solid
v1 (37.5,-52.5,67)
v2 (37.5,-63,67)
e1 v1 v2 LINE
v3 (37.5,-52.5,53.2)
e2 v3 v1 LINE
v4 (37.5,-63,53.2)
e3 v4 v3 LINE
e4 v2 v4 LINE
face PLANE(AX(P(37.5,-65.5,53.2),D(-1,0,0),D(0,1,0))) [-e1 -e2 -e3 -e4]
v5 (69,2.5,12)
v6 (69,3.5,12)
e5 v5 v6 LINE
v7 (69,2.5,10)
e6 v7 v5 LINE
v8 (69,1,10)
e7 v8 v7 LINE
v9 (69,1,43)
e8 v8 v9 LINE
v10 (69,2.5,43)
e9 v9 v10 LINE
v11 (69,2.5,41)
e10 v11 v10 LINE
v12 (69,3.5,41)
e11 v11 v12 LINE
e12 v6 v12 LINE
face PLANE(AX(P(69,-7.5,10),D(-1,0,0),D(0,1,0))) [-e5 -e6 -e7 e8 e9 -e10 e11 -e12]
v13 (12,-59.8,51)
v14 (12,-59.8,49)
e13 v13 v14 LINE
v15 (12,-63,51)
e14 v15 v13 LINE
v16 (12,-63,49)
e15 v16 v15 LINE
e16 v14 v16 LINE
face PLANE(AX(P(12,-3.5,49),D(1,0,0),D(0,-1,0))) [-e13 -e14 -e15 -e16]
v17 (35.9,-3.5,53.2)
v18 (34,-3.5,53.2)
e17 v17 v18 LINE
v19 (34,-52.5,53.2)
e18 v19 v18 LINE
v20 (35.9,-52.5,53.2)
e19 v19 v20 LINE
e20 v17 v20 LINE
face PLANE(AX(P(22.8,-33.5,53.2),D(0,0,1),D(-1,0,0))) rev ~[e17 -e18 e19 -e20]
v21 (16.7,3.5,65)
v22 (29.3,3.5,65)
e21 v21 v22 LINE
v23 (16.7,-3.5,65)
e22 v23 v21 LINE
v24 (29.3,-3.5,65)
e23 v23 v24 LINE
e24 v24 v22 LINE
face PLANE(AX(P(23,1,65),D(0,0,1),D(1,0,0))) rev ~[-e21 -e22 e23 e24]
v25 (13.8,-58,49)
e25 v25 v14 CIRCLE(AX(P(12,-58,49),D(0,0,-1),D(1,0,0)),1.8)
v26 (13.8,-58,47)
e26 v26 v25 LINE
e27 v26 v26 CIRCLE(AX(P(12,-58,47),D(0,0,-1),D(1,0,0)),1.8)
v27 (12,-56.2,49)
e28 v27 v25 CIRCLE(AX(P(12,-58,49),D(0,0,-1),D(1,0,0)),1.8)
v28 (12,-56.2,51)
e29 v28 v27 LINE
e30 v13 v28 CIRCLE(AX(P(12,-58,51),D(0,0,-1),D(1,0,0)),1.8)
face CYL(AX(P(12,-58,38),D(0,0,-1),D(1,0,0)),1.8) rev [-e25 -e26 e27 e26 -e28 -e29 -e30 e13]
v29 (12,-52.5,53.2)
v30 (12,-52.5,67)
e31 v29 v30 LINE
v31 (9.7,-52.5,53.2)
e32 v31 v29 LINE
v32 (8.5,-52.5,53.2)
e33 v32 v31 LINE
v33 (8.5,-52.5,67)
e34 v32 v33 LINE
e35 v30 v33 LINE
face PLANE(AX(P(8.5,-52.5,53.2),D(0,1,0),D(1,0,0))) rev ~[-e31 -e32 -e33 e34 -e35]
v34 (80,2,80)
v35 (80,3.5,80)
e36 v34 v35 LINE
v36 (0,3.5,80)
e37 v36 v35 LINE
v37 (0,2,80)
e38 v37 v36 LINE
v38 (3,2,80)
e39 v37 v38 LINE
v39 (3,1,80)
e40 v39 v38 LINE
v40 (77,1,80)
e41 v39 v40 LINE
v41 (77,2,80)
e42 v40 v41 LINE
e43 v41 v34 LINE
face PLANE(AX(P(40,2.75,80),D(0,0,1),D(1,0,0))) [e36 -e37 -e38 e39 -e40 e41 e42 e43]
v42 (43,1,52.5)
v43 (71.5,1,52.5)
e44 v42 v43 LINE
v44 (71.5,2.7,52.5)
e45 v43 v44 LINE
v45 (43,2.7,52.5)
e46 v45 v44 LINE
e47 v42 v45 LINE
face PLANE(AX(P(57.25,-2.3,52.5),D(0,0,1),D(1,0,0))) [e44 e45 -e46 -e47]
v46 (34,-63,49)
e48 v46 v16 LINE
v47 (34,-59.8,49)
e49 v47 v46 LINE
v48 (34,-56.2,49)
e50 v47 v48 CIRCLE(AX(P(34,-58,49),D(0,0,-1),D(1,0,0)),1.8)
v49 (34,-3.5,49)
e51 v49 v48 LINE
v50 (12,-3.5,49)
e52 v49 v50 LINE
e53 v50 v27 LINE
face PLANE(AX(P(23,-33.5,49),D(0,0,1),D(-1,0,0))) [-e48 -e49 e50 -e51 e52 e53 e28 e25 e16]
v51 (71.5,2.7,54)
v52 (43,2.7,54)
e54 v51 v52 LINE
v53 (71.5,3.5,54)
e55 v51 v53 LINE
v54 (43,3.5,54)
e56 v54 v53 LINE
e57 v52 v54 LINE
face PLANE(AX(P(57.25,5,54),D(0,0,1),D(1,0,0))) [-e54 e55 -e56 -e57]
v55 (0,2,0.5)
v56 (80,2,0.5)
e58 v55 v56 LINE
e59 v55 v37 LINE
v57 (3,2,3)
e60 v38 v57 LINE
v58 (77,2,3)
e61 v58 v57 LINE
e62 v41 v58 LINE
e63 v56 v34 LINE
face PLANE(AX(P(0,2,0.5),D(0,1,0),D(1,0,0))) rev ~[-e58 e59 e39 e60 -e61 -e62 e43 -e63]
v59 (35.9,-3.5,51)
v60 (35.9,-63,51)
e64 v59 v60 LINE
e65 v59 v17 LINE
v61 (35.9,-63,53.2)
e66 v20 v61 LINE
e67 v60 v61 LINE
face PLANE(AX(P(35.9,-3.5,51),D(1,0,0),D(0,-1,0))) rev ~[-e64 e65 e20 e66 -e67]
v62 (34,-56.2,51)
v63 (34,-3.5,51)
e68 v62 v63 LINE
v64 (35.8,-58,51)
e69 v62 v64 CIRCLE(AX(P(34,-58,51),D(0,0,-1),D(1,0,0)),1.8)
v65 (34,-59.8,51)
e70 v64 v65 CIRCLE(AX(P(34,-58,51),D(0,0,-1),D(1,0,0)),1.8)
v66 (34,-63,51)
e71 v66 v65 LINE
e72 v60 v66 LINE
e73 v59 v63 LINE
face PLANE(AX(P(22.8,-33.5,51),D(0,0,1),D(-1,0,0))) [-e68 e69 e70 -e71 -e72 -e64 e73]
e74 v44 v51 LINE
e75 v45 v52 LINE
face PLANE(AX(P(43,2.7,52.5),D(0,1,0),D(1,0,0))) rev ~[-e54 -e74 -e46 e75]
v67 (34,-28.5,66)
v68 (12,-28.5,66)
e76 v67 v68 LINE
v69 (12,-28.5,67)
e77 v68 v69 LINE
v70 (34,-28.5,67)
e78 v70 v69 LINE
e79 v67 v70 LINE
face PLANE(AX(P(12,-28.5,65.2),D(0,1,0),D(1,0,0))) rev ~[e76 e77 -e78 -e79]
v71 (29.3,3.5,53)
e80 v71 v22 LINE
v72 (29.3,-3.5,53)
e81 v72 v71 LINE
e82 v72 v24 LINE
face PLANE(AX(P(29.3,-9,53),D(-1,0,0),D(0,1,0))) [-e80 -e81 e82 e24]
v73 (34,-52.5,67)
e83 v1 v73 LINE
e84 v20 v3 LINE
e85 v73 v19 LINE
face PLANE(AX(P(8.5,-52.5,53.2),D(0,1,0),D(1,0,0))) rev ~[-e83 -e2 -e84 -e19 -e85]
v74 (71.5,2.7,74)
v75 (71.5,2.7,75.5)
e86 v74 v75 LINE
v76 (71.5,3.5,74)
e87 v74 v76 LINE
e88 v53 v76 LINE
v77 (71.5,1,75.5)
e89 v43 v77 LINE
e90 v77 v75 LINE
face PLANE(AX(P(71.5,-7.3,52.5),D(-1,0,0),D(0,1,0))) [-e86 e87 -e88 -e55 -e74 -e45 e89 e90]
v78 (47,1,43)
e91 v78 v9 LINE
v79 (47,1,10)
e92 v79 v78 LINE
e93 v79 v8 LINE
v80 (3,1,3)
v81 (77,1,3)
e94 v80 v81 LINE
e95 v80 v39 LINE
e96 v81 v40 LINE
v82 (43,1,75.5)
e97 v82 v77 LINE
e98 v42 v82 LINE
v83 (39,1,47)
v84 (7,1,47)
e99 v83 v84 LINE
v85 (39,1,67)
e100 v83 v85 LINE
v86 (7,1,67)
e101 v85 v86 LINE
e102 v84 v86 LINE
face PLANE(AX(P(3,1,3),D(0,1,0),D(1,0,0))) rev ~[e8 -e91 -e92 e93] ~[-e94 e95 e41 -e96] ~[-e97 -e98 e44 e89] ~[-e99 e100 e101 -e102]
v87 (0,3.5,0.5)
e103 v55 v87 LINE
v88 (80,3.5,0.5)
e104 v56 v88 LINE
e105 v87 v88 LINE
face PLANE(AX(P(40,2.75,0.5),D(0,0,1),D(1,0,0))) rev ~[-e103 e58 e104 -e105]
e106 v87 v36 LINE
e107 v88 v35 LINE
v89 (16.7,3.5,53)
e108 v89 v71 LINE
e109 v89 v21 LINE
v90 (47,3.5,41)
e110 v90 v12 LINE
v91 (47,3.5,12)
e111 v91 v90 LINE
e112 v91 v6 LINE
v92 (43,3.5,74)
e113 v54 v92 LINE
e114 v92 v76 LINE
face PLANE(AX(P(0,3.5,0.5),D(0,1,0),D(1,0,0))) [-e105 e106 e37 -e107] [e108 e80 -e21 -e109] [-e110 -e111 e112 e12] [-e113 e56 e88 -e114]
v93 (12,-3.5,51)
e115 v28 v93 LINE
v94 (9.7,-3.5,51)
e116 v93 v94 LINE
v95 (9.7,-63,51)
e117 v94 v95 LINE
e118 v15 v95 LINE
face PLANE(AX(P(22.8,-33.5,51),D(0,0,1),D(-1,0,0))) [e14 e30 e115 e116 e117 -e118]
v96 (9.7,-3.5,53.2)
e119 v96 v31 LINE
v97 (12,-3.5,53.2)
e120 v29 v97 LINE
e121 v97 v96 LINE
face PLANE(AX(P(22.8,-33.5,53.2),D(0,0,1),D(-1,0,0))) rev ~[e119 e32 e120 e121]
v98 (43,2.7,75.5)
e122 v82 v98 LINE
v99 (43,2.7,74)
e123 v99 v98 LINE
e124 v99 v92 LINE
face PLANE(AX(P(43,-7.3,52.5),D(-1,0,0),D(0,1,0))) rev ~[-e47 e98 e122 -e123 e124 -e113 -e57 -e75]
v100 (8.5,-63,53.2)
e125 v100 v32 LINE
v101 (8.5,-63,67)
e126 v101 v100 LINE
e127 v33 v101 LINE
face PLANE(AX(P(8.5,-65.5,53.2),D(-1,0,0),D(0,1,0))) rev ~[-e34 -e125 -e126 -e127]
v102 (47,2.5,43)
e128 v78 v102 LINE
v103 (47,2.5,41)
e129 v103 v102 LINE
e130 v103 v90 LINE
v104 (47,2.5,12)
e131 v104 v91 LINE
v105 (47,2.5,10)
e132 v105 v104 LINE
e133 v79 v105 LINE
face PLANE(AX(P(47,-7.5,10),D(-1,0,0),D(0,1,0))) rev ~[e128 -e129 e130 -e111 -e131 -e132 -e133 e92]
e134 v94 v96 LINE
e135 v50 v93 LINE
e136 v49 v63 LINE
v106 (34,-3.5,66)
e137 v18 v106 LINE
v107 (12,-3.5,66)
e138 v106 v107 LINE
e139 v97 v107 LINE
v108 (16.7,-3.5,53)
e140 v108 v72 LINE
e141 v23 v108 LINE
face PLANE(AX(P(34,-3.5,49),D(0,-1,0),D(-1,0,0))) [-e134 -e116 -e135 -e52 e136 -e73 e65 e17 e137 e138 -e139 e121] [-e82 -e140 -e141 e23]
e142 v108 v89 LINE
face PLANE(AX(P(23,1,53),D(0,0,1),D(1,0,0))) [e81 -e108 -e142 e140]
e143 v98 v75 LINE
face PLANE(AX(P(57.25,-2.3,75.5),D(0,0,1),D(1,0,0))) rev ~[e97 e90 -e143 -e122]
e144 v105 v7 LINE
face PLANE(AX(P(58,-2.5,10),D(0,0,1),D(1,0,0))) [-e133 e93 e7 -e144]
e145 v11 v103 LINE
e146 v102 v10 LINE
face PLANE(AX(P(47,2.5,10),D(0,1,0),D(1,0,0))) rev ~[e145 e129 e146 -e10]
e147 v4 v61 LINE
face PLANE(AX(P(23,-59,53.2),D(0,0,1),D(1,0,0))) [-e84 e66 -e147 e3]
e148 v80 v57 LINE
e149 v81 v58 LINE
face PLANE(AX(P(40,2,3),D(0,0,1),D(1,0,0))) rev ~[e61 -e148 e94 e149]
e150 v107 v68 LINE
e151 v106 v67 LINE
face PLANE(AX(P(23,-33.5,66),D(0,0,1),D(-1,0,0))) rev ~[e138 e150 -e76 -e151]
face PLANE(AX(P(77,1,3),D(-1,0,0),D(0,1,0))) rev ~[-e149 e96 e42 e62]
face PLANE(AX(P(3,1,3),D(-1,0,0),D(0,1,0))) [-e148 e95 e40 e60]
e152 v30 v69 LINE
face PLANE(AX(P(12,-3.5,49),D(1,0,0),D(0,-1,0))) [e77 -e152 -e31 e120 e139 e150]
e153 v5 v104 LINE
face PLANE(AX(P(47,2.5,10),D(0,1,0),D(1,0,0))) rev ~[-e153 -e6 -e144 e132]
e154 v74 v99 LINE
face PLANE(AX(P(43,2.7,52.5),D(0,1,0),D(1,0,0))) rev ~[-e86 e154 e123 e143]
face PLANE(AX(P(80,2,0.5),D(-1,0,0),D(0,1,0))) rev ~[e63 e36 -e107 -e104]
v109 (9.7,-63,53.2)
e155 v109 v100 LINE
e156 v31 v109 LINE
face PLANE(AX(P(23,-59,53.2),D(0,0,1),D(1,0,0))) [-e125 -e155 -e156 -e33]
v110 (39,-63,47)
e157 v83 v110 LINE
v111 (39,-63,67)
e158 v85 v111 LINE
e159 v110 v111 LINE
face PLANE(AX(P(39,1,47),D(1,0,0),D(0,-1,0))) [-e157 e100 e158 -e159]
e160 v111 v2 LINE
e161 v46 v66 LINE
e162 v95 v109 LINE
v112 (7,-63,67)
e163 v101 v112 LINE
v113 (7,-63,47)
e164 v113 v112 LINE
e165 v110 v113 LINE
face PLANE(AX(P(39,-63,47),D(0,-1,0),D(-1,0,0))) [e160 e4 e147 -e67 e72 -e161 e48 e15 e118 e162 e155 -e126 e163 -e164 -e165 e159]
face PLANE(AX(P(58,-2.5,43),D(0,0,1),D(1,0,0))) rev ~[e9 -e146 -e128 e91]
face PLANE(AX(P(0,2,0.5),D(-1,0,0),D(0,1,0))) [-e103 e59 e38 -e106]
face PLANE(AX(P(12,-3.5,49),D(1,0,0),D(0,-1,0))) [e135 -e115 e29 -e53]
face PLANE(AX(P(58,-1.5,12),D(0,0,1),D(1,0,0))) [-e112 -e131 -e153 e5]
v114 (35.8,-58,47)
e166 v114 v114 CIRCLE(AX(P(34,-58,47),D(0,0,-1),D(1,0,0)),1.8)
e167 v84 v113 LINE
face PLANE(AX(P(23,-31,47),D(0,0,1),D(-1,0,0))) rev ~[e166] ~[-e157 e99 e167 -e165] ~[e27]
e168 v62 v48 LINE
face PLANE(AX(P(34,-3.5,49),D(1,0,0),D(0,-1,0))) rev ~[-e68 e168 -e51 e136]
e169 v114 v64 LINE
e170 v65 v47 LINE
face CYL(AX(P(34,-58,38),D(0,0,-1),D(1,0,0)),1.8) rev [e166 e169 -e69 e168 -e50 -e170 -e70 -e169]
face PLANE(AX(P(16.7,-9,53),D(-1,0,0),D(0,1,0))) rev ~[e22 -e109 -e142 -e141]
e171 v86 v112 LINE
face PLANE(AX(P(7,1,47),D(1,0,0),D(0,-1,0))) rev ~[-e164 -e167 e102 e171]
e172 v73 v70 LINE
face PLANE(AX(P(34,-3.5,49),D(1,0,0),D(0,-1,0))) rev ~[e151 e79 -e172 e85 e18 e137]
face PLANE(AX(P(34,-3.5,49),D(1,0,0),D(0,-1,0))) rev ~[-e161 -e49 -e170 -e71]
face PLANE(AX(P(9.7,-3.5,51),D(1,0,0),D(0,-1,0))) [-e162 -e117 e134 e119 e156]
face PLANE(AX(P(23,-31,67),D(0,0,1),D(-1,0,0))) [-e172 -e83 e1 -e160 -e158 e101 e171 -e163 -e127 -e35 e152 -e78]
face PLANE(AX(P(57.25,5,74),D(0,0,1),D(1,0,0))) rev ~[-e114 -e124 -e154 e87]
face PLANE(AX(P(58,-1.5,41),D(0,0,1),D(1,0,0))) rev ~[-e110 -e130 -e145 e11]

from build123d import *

# Parameters (mm, degrees)
BOX019_W          = 28.5
BOX019_H          = 10
BOX019_DEPTH      = 20
BOX020_W          = 22
BOX020_H          = 10
BOX020_DEPTH      = 33
BOX021_W          = 28.5
BOX021_H          = 10
BOX021_DEPTH      = 23
BOX024_W          = 26.2
BOX024_H          = 60
BOX024_DEPTH      = 2.2
BOX025_W          = 22
BOX025_H          = 60
BOX025_DEPTH      = 17
CYLINDER008_R     = 1.8
CYLINDER008_DEPTH = 30
CYLINDER009_R     = 1.8
CYLINDER009_DEPTH = 30
BOX026_W          = 29
BOX026_H          = 13
BOX026_DEPTH      = 15
BOX027_W          = 22
BOX027_H          = 25
BOX027_DEPTH      = 15
BOX022_W          = 12.6
BOX022_H          = 20
BOX022_DEPTH      = 12
BOX018_W          = 22
BOX018_H          = 10
BOX018_DEPTH      = 29
BOX014_W          = 80
BOX014_H          = 1.5
BOX014_DEPTH      = 79.5
BOX023_W          = 32
BOX023_H          = 64
BOX023_DEPTH      = 20
BOX015_W          = 74
BOX015_H          = 2
BOX015_DEPTH      = 77


with BuildPart() as pc:
    # Box019 → Box019 (new body)
    with BuildSketch(Plane(origin=(43, 0, 54), x_dir=(1, 0, 0), z_dir=(0, 0, 1))):
        with Locations((14.25, 5)):
            Rectangle(BOX019_W, BOX019_H)
    extrude(amount=BOX019_DEPTH)


with BuildPart() as vypinac001:
    # Box020 → Box020 (new body)
    with BuildSketch(Plane(origin=(47, -7.5, 10), x_dir=(1, 0, 0), z_dir=(0, 0, 1))):
        with Locations((11, 5)):
            Rectangle(BOX020_W, BOX020_H)
    extrude(amount=BOX020_DEPTH)


with BuildPart() as pc001:
    # Box021 → Box021 (new body)
    with BuildSketch(Plane(origin=(43, -7.3, 52.5), x_dir=(1, 0, 0), z_dir=(0, 0, 1))):
        with Locations((14.25, 5)):
            Rectangle(BOX021_W, BOX021_H)
    extrude(amount=BOX021_DEPTH)


with BuildPart() as cube018_doska:
    # Box024 → Box024 (new body)
    with BuildSketch(Plane(origin=(35.9, -3.5, 51), x_dir=(-1, 0, 0), z_dir=(0, 0, 1))):
        with Locations((13.1, 30)):
            Rectangle(BOX024_W, BOX024_H)
    extrude(amount=BOX024_DEPTH)


with BuildPart() as cube019_okolo_doskjy:
    # Box025 → Box025 (new body)
    with BuildSketch(Plane(origin=(34, -3.5, 49), x_dir=(-1, 0, 0), z_dir=(0, 0, 1))):
        with Locations((11, 30)):
            Rectangle(BOX025_W, BOX025_H)
    extrude(amount=BOX025_DEPTH)


with BuildPart() as cylinder008:
    # Cylinder008 → Cylinder008 (new body)
    with BuildSketch(Plane(origin=(34, -58, 38), x_dir=(1, 0, 0), z_dir=(0, 0, 1))):
        Circle(CYLINDER008_R)
    extrude(amount=CYLINDER008_DEPTH)


with BuildPart() as cylinder009:
    # Cylinder009 → Cylinder009 (new body)
    with BuildSketch(Plane(origin=(12, -58, 38), x_dir=(1, 0, 0), z_dir=(0, 0, 1))):
        Circle(CYLINDER009_R)
    extrude(amount=CYLINDER009_DEPTH)


with BuildPart() as cube016_pre_sroby:
    # Box026 → Box026 (new body)
    with BuildSketch(Plane(origin=(8.5, -65.5, 53.2), x_dir=(1, 0, 0), z_dir=(0, 0, 1))):
        with Locations((14.5, 6.5)):
            Rectangle(BOX026_W, BOX026_H)
    extrude(amount=BOX026_DEPTH)


with BuildPart() as cube016_pre_rele:
    # Box027 → Box027 (new body)
    with BuildSketch(Plane(origin=(12, -53.5, 65.2), x_dir=(1, 0, 0), z_dir=(0, 0, 1))):
        with Locations((11, 12.5)):
            Rectangle(BOX027_W, BOX027_H)
    extrude(amount=BOX027_DEPTH)


with BuildPart() as fusion006_usbrele:
    # Box022 → Box022 (new body)
    with BuildSketch(Plane(origin=(16.7, -9, 53), x_dir=(1, 0, 0), z_dir=(0, 0, 1))):
        with Locations((6.3, 10)):
            Rectangle(BOX022_W, BOX022_H)
    extrude(amount=BOX022_DEPTH)

    # Fusion006: union Cube018_doska, Cube019_okolo_doskjy, Cylinder008, Cylinder009, Cube016_pre_sroby, Cube016_pre_rele
    add(cube018_doska.part)
    add(cube019_okolo_doskjy.part)
    add(cylinder008.part)
    add(cylinder009.part)
    add(cube016_pre_sroby.part)
    add(cube016_pre_rele.part)


with BuildPart() as fusion004:
    # Box018 → Box018 (new body)
    with BuildSketch(Plane(origin=(47, -6.5, 12), x_dir=(1, 0, 0), z_dir=(0, 0, 1))):
        with Locations((11, 5)):
            Rectangle(BOX018_W, BOX018_H)
    extrude(amount=BOX018_DEPTH)

    # Fusion004: union PC, Vypinac001, PC001, Fusion006_usbrele
    add(pc.part)
    add(vypinac001.part)
    add(pc001.part)
    add(fusion006_usbrele.part)


with BuildPart() as cube014:
    # Box014 → Box014 (new body)
    with BuildSketch(Plane(origin=(0, 2, 0.5), x_dir=(1, 0, 0), z_dir=(0, 0, 1))):
        with Locations((40, 0.75)):
            Rectangle(BOX014_W, BOX014_H)
    extrude(amount=BOX014_DEPTH)


with BuildPart() as cube017_rele:
    # Box023 → Box023 (new body)
    with BuildSketch(Plane(origin=(39, 1, 47), x_dir=(-1, 0, 0), z_dir=(0, 0, 1))):
        with Locations((16, 32)):
            Rectangle(BOX023_W, BOX023_H)
    extrude(amount=BOX023_DEPTH)


with BuildPart() as cut_zadok_usb:
    # Box015 → Box015 (new body)
    with BuildSketch(Plane(origin=(3, 1, 3), x_dir=(1, 0, 0), z_dir=(0, 0, 1))):
        with Locations((37, 1)):
            Rectangle(BOX015_W, BOX015_H)
    extrude(amount=BOX015_DEPTH)

    # Fusion005: union Cube014, Cube017_rele
    add(cube014.part)
    add(cube017_rele.part)

    # Cut002: cut Fusion004
    add(fusion004.part, mode=Mode.SUBTRACT)


solid = cut_zadok_usb.part
